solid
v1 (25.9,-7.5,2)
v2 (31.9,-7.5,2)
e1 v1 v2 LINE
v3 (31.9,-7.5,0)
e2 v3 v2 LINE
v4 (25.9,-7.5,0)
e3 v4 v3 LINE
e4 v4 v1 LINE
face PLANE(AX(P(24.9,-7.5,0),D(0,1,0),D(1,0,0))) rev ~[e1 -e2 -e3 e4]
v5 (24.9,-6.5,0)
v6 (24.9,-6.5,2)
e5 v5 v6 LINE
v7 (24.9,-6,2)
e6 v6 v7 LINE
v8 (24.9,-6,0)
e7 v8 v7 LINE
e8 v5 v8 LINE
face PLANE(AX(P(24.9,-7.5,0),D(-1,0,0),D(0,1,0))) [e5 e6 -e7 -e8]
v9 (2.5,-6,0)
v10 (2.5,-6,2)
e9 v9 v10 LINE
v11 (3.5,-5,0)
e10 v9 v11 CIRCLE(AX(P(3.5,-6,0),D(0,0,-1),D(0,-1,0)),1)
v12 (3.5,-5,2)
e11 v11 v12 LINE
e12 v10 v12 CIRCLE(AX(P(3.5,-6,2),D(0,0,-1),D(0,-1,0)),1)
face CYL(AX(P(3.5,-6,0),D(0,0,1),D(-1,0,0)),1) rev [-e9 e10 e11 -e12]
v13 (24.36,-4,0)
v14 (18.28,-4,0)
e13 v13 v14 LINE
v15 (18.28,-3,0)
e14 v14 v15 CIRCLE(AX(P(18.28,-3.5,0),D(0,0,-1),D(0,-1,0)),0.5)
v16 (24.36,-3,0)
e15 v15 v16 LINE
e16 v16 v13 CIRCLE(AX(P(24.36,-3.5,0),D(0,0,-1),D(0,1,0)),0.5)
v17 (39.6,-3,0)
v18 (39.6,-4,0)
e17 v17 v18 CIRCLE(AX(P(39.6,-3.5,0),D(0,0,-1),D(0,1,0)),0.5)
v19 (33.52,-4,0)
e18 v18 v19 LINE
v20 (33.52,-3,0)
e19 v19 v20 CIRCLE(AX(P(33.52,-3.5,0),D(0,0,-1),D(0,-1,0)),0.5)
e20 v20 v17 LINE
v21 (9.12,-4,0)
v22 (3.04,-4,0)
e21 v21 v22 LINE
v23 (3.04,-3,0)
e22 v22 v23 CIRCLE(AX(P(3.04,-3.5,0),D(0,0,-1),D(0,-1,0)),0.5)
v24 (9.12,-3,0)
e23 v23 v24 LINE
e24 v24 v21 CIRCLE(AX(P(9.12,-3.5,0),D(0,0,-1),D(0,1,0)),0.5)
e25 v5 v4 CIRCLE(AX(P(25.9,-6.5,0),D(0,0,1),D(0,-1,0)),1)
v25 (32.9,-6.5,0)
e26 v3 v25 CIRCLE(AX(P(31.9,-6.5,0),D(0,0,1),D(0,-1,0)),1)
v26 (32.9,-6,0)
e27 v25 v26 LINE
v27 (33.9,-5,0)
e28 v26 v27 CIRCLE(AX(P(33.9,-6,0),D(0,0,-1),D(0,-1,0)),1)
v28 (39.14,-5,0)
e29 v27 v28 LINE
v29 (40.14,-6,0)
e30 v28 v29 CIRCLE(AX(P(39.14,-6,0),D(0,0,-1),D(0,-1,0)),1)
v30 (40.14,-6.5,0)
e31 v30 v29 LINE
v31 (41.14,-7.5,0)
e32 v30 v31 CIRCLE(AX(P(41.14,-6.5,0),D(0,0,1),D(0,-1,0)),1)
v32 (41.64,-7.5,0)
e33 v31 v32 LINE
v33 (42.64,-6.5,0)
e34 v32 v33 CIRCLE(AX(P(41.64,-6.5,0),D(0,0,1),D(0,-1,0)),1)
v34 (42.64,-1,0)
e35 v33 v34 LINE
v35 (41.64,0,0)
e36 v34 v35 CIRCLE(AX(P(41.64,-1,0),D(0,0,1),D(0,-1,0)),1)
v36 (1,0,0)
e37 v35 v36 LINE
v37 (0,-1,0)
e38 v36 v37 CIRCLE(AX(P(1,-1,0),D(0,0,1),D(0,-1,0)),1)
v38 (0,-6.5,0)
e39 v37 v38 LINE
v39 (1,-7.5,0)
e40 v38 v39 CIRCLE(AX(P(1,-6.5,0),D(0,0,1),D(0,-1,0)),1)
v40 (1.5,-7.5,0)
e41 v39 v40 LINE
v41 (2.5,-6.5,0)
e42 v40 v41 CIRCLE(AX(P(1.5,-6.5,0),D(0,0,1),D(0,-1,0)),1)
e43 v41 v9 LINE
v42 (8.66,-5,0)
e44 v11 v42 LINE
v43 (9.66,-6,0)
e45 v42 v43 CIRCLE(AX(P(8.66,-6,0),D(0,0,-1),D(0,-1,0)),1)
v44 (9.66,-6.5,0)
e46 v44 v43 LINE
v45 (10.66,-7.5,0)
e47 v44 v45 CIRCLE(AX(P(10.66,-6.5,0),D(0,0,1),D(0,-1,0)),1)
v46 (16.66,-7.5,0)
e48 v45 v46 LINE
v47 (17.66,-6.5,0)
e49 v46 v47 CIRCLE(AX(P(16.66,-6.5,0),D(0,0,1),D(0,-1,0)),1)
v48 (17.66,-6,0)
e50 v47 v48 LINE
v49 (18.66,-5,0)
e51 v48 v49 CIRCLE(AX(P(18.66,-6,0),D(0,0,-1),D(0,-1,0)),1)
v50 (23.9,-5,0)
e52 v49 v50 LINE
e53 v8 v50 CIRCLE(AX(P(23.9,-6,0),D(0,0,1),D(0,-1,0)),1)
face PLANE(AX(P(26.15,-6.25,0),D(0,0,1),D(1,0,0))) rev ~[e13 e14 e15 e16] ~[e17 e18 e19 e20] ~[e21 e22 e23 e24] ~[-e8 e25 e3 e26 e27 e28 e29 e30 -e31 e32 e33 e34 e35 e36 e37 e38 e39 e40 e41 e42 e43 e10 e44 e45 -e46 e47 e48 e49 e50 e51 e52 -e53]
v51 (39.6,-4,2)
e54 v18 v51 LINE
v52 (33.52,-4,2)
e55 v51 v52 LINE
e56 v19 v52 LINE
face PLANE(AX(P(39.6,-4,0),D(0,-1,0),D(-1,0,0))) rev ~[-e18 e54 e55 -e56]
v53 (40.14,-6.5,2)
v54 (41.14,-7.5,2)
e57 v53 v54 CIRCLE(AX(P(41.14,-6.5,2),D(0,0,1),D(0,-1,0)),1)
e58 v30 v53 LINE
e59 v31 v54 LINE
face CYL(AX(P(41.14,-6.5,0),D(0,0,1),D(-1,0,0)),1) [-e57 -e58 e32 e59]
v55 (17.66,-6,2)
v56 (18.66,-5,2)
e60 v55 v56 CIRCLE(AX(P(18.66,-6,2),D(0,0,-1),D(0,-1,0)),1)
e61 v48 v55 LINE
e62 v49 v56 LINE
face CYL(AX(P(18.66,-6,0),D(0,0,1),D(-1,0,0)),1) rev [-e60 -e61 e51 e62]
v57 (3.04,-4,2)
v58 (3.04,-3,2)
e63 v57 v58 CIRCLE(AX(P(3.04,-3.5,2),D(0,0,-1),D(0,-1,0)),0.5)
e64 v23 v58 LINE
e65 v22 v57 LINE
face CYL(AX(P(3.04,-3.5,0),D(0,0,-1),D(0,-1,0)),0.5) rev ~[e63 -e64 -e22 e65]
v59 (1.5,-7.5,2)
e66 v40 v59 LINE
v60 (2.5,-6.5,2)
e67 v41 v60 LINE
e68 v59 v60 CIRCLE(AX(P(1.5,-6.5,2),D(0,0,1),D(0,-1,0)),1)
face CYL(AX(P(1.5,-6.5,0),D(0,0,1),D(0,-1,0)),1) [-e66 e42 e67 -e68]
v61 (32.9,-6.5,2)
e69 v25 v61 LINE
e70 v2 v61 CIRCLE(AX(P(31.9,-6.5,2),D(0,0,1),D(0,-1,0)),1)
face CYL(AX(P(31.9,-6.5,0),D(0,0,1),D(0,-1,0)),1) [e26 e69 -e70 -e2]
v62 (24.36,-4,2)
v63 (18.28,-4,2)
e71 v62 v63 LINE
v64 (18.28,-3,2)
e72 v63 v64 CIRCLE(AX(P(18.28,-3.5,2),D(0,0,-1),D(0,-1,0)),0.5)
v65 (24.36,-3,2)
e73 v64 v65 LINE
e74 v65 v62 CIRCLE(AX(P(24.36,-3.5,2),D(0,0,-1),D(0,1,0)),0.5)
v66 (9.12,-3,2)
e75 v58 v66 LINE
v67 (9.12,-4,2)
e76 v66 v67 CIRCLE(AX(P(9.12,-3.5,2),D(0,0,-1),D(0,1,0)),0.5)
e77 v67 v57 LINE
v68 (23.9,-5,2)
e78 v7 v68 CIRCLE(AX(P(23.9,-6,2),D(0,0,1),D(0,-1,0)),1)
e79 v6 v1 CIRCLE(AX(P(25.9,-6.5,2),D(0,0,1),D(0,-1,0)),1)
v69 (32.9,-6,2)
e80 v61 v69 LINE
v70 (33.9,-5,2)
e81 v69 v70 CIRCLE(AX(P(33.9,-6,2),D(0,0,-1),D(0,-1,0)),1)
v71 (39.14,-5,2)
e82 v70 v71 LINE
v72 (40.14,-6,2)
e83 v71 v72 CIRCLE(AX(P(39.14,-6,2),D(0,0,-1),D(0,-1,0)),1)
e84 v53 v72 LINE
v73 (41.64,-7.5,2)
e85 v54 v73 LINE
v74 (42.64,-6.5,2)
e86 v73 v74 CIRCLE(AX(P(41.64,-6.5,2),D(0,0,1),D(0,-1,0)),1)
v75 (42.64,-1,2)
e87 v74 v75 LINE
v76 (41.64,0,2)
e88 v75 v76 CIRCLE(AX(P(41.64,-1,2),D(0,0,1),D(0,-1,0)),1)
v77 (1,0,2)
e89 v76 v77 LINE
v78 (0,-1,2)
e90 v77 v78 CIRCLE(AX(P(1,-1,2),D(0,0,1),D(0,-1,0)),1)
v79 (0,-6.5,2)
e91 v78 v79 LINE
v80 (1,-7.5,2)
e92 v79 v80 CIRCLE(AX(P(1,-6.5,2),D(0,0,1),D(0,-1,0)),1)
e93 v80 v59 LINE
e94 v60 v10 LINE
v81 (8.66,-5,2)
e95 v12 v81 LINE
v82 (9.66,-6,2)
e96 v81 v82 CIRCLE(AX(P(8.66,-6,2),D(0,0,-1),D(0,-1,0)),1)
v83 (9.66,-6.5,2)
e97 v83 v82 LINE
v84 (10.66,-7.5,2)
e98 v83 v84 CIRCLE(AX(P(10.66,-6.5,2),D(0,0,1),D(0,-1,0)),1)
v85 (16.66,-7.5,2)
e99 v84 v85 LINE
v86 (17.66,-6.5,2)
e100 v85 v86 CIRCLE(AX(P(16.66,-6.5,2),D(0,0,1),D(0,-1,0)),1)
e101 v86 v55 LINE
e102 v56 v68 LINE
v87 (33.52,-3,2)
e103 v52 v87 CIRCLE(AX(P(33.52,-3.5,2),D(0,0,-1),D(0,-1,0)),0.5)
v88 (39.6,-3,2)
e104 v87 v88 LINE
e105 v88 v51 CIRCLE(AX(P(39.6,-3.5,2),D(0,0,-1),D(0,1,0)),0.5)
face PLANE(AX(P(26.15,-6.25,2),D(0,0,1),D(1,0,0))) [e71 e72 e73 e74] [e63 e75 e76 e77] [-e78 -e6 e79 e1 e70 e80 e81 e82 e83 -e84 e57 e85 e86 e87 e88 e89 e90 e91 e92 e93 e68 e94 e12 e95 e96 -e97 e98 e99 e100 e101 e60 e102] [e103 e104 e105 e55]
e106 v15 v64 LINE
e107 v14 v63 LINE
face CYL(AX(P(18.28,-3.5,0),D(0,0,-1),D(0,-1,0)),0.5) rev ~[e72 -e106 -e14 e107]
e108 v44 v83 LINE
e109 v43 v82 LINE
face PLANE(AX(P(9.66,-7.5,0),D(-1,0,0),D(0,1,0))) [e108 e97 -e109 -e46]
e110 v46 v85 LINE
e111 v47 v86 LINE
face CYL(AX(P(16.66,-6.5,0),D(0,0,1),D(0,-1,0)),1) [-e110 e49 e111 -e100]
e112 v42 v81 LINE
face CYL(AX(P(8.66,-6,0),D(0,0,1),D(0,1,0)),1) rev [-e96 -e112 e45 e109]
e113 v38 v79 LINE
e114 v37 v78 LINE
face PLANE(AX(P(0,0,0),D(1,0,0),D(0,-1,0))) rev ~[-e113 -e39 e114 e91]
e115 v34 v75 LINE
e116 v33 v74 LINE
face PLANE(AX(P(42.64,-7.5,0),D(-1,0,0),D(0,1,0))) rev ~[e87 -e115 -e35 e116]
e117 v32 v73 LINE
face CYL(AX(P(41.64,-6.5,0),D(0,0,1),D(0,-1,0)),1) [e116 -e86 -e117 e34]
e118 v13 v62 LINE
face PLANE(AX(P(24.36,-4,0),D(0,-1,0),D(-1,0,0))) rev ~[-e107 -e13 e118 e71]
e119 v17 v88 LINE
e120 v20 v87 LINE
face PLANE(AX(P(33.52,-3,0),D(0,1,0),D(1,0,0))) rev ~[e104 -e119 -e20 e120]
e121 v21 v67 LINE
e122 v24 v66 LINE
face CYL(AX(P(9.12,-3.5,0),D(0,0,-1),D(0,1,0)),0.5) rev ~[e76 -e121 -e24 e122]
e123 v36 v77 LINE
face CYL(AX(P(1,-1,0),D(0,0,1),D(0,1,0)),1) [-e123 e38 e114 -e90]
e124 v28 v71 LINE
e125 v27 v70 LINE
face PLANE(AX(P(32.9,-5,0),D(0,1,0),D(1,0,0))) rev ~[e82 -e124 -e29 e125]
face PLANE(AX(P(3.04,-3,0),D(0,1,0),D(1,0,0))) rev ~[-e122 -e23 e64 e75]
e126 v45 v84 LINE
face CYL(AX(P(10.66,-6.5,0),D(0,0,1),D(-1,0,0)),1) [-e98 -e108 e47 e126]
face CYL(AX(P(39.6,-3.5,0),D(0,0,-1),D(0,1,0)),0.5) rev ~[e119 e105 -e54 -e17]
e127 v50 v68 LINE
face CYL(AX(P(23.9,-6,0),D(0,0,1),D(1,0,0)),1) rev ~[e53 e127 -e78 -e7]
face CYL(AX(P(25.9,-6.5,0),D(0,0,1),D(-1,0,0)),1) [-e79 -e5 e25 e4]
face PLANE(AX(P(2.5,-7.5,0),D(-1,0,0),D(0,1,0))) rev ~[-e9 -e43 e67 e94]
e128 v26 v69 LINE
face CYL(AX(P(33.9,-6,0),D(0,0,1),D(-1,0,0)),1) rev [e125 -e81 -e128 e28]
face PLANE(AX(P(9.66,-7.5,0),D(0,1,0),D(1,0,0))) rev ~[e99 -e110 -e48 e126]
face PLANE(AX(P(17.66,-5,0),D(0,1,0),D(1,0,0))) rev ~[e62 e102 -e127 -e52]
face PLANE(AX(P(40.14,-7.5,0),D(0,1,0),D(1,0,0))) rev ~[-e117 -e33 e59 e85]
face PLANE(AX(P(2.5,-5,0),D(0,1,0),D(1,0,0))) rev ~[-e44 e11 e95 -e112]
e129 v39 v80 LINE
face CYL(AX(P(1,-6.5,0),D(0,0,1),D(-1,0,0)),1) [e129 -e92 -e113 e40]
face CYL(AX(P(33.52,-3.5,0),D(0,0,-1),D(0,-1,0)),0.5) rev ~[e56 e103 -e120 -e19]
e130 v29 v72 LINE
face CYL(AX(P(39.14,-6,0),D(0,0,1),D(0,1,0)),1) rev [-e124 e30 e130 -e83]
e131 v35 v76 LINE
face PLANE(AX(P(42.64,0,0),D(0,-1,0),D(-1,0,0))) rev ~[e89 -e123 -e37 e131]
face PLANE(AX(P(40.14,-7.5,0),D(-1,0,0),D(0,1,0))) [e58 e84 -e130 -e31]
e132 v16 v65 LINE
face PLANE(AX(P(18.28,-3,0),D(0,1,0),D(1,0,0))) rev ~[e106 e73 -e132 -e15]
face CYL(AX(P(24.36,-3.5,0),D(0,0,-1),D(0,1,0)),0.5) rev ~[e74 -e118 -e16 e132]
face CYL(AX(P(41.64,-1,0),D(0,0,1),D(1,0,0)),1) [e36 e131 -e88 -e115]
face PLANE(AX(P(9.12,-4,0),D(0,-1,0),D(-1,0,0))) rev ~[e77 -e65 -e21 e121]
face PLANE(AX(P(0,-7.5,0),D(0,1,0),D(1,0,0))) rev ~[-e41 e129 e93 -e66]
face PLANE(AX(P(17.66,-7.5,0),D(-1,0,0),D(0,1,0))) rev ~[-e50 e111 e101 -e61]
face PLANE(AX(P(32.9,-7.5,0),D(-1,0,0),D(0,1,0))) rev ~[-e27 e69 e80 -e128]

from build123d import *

# Parameters (mm, degrees)
F0_W     = 2.5
F0_H     = 2.5
F0_W_2   = 8
F0_W_3   = 5.5
F1_DEPTH = 2
F2_R     = 1


with BuildPart() as f1:
    # F0 (on Top) → F1 (new body)
    with BuildSketch(Plane.XY):
        with Locations((26.15, -6.25)):
            Rectangle(F0_W, F0_H)
        with Locations((13.66, -6.25)):
            Rectangle(F0_W_2, F0_H)
        with Locations((1.25, -6.25)):
            Rectangle(F0_W, F0_H)
        Polygon((27.4, 0), (0, 0), (0, -5), (2.5, -5), (9.66, -5), (17.66, -5), (24.9, -5), (27.4, -5), align=None)
        with BuildLine():
            Line((9.12, -4), (3.04, -4))
            ThreePointArc((3.04, -4), (2.54, -3.5), (3.04, -3))
            Line((3.04, -3), (9.12, -3))
            ThreePointArc((9.12, -3), (9.62, -3.5), (9.12, -4))
        make_face(mode=Mode.SUBTRACT)
        with BuildLine():
            Line((24.36, -4), (18.28, -4))
            ThreePointArc((18.28, -4), (17.78, -3.5), (18.28, -3))
            Line((18.28, -3), (24.36, -3))
            ThreePointArc((24.36, -3), (24.86, -3.5), (24.36, -4))
        make_face(mode=Mode.SUBTRACT)
        Polygon((42.64, 0), (27.4, 0), (27.4, -5), (32.9, -5), (40.14, -5), (42.64, -5), align=None)
        with BuildLine():
            Line((39.6, -4), (33.52, -4))
            ThreePointArc((33.52, -4), (33.02, -3.5), (33.52, -3))
            Line((33.52, -3), (39.6, -3))
            ThreePointArc((39.6, -3), (40.1, -3.5), (39.6, -4))
        make_face(mode=Mode.SUBTRACT)
        with Locations((30.15, -6.25)):
            Rectangle(F0_W_3, F0_H)
        with Locations((41.39, -6.25)):
            Rectangle(F0_W, F0_H)
    extrude(amount=F1_DEPTH)

    # F2
    f2_edges = [f1.edges().sort_by_distance(p)[0] for p in [
        (0, -7.5, 1),
        (2.5, -7.5, 1),
        (2.5, -5, 1),
        (9.66, -7.5, 1),
        (17.66, -7.5, 1),
        (17.66, -5, 1),
        (24.9, -7.5, 1),
        (32.9, -5, 1),
        (32.9, -7.5, 1),
        (40.14, -7.5, 1),
        (42.64, -7.5, 1),
        (42.64, 0, 1),
        (40.14, -5, 1),
        (24.9, -5, 1),
        (9.66, -5, 1),
        (0, 0, 1),
    ]]
    fillet(f2_edges, radius=F2_R)


solid = f1.part
